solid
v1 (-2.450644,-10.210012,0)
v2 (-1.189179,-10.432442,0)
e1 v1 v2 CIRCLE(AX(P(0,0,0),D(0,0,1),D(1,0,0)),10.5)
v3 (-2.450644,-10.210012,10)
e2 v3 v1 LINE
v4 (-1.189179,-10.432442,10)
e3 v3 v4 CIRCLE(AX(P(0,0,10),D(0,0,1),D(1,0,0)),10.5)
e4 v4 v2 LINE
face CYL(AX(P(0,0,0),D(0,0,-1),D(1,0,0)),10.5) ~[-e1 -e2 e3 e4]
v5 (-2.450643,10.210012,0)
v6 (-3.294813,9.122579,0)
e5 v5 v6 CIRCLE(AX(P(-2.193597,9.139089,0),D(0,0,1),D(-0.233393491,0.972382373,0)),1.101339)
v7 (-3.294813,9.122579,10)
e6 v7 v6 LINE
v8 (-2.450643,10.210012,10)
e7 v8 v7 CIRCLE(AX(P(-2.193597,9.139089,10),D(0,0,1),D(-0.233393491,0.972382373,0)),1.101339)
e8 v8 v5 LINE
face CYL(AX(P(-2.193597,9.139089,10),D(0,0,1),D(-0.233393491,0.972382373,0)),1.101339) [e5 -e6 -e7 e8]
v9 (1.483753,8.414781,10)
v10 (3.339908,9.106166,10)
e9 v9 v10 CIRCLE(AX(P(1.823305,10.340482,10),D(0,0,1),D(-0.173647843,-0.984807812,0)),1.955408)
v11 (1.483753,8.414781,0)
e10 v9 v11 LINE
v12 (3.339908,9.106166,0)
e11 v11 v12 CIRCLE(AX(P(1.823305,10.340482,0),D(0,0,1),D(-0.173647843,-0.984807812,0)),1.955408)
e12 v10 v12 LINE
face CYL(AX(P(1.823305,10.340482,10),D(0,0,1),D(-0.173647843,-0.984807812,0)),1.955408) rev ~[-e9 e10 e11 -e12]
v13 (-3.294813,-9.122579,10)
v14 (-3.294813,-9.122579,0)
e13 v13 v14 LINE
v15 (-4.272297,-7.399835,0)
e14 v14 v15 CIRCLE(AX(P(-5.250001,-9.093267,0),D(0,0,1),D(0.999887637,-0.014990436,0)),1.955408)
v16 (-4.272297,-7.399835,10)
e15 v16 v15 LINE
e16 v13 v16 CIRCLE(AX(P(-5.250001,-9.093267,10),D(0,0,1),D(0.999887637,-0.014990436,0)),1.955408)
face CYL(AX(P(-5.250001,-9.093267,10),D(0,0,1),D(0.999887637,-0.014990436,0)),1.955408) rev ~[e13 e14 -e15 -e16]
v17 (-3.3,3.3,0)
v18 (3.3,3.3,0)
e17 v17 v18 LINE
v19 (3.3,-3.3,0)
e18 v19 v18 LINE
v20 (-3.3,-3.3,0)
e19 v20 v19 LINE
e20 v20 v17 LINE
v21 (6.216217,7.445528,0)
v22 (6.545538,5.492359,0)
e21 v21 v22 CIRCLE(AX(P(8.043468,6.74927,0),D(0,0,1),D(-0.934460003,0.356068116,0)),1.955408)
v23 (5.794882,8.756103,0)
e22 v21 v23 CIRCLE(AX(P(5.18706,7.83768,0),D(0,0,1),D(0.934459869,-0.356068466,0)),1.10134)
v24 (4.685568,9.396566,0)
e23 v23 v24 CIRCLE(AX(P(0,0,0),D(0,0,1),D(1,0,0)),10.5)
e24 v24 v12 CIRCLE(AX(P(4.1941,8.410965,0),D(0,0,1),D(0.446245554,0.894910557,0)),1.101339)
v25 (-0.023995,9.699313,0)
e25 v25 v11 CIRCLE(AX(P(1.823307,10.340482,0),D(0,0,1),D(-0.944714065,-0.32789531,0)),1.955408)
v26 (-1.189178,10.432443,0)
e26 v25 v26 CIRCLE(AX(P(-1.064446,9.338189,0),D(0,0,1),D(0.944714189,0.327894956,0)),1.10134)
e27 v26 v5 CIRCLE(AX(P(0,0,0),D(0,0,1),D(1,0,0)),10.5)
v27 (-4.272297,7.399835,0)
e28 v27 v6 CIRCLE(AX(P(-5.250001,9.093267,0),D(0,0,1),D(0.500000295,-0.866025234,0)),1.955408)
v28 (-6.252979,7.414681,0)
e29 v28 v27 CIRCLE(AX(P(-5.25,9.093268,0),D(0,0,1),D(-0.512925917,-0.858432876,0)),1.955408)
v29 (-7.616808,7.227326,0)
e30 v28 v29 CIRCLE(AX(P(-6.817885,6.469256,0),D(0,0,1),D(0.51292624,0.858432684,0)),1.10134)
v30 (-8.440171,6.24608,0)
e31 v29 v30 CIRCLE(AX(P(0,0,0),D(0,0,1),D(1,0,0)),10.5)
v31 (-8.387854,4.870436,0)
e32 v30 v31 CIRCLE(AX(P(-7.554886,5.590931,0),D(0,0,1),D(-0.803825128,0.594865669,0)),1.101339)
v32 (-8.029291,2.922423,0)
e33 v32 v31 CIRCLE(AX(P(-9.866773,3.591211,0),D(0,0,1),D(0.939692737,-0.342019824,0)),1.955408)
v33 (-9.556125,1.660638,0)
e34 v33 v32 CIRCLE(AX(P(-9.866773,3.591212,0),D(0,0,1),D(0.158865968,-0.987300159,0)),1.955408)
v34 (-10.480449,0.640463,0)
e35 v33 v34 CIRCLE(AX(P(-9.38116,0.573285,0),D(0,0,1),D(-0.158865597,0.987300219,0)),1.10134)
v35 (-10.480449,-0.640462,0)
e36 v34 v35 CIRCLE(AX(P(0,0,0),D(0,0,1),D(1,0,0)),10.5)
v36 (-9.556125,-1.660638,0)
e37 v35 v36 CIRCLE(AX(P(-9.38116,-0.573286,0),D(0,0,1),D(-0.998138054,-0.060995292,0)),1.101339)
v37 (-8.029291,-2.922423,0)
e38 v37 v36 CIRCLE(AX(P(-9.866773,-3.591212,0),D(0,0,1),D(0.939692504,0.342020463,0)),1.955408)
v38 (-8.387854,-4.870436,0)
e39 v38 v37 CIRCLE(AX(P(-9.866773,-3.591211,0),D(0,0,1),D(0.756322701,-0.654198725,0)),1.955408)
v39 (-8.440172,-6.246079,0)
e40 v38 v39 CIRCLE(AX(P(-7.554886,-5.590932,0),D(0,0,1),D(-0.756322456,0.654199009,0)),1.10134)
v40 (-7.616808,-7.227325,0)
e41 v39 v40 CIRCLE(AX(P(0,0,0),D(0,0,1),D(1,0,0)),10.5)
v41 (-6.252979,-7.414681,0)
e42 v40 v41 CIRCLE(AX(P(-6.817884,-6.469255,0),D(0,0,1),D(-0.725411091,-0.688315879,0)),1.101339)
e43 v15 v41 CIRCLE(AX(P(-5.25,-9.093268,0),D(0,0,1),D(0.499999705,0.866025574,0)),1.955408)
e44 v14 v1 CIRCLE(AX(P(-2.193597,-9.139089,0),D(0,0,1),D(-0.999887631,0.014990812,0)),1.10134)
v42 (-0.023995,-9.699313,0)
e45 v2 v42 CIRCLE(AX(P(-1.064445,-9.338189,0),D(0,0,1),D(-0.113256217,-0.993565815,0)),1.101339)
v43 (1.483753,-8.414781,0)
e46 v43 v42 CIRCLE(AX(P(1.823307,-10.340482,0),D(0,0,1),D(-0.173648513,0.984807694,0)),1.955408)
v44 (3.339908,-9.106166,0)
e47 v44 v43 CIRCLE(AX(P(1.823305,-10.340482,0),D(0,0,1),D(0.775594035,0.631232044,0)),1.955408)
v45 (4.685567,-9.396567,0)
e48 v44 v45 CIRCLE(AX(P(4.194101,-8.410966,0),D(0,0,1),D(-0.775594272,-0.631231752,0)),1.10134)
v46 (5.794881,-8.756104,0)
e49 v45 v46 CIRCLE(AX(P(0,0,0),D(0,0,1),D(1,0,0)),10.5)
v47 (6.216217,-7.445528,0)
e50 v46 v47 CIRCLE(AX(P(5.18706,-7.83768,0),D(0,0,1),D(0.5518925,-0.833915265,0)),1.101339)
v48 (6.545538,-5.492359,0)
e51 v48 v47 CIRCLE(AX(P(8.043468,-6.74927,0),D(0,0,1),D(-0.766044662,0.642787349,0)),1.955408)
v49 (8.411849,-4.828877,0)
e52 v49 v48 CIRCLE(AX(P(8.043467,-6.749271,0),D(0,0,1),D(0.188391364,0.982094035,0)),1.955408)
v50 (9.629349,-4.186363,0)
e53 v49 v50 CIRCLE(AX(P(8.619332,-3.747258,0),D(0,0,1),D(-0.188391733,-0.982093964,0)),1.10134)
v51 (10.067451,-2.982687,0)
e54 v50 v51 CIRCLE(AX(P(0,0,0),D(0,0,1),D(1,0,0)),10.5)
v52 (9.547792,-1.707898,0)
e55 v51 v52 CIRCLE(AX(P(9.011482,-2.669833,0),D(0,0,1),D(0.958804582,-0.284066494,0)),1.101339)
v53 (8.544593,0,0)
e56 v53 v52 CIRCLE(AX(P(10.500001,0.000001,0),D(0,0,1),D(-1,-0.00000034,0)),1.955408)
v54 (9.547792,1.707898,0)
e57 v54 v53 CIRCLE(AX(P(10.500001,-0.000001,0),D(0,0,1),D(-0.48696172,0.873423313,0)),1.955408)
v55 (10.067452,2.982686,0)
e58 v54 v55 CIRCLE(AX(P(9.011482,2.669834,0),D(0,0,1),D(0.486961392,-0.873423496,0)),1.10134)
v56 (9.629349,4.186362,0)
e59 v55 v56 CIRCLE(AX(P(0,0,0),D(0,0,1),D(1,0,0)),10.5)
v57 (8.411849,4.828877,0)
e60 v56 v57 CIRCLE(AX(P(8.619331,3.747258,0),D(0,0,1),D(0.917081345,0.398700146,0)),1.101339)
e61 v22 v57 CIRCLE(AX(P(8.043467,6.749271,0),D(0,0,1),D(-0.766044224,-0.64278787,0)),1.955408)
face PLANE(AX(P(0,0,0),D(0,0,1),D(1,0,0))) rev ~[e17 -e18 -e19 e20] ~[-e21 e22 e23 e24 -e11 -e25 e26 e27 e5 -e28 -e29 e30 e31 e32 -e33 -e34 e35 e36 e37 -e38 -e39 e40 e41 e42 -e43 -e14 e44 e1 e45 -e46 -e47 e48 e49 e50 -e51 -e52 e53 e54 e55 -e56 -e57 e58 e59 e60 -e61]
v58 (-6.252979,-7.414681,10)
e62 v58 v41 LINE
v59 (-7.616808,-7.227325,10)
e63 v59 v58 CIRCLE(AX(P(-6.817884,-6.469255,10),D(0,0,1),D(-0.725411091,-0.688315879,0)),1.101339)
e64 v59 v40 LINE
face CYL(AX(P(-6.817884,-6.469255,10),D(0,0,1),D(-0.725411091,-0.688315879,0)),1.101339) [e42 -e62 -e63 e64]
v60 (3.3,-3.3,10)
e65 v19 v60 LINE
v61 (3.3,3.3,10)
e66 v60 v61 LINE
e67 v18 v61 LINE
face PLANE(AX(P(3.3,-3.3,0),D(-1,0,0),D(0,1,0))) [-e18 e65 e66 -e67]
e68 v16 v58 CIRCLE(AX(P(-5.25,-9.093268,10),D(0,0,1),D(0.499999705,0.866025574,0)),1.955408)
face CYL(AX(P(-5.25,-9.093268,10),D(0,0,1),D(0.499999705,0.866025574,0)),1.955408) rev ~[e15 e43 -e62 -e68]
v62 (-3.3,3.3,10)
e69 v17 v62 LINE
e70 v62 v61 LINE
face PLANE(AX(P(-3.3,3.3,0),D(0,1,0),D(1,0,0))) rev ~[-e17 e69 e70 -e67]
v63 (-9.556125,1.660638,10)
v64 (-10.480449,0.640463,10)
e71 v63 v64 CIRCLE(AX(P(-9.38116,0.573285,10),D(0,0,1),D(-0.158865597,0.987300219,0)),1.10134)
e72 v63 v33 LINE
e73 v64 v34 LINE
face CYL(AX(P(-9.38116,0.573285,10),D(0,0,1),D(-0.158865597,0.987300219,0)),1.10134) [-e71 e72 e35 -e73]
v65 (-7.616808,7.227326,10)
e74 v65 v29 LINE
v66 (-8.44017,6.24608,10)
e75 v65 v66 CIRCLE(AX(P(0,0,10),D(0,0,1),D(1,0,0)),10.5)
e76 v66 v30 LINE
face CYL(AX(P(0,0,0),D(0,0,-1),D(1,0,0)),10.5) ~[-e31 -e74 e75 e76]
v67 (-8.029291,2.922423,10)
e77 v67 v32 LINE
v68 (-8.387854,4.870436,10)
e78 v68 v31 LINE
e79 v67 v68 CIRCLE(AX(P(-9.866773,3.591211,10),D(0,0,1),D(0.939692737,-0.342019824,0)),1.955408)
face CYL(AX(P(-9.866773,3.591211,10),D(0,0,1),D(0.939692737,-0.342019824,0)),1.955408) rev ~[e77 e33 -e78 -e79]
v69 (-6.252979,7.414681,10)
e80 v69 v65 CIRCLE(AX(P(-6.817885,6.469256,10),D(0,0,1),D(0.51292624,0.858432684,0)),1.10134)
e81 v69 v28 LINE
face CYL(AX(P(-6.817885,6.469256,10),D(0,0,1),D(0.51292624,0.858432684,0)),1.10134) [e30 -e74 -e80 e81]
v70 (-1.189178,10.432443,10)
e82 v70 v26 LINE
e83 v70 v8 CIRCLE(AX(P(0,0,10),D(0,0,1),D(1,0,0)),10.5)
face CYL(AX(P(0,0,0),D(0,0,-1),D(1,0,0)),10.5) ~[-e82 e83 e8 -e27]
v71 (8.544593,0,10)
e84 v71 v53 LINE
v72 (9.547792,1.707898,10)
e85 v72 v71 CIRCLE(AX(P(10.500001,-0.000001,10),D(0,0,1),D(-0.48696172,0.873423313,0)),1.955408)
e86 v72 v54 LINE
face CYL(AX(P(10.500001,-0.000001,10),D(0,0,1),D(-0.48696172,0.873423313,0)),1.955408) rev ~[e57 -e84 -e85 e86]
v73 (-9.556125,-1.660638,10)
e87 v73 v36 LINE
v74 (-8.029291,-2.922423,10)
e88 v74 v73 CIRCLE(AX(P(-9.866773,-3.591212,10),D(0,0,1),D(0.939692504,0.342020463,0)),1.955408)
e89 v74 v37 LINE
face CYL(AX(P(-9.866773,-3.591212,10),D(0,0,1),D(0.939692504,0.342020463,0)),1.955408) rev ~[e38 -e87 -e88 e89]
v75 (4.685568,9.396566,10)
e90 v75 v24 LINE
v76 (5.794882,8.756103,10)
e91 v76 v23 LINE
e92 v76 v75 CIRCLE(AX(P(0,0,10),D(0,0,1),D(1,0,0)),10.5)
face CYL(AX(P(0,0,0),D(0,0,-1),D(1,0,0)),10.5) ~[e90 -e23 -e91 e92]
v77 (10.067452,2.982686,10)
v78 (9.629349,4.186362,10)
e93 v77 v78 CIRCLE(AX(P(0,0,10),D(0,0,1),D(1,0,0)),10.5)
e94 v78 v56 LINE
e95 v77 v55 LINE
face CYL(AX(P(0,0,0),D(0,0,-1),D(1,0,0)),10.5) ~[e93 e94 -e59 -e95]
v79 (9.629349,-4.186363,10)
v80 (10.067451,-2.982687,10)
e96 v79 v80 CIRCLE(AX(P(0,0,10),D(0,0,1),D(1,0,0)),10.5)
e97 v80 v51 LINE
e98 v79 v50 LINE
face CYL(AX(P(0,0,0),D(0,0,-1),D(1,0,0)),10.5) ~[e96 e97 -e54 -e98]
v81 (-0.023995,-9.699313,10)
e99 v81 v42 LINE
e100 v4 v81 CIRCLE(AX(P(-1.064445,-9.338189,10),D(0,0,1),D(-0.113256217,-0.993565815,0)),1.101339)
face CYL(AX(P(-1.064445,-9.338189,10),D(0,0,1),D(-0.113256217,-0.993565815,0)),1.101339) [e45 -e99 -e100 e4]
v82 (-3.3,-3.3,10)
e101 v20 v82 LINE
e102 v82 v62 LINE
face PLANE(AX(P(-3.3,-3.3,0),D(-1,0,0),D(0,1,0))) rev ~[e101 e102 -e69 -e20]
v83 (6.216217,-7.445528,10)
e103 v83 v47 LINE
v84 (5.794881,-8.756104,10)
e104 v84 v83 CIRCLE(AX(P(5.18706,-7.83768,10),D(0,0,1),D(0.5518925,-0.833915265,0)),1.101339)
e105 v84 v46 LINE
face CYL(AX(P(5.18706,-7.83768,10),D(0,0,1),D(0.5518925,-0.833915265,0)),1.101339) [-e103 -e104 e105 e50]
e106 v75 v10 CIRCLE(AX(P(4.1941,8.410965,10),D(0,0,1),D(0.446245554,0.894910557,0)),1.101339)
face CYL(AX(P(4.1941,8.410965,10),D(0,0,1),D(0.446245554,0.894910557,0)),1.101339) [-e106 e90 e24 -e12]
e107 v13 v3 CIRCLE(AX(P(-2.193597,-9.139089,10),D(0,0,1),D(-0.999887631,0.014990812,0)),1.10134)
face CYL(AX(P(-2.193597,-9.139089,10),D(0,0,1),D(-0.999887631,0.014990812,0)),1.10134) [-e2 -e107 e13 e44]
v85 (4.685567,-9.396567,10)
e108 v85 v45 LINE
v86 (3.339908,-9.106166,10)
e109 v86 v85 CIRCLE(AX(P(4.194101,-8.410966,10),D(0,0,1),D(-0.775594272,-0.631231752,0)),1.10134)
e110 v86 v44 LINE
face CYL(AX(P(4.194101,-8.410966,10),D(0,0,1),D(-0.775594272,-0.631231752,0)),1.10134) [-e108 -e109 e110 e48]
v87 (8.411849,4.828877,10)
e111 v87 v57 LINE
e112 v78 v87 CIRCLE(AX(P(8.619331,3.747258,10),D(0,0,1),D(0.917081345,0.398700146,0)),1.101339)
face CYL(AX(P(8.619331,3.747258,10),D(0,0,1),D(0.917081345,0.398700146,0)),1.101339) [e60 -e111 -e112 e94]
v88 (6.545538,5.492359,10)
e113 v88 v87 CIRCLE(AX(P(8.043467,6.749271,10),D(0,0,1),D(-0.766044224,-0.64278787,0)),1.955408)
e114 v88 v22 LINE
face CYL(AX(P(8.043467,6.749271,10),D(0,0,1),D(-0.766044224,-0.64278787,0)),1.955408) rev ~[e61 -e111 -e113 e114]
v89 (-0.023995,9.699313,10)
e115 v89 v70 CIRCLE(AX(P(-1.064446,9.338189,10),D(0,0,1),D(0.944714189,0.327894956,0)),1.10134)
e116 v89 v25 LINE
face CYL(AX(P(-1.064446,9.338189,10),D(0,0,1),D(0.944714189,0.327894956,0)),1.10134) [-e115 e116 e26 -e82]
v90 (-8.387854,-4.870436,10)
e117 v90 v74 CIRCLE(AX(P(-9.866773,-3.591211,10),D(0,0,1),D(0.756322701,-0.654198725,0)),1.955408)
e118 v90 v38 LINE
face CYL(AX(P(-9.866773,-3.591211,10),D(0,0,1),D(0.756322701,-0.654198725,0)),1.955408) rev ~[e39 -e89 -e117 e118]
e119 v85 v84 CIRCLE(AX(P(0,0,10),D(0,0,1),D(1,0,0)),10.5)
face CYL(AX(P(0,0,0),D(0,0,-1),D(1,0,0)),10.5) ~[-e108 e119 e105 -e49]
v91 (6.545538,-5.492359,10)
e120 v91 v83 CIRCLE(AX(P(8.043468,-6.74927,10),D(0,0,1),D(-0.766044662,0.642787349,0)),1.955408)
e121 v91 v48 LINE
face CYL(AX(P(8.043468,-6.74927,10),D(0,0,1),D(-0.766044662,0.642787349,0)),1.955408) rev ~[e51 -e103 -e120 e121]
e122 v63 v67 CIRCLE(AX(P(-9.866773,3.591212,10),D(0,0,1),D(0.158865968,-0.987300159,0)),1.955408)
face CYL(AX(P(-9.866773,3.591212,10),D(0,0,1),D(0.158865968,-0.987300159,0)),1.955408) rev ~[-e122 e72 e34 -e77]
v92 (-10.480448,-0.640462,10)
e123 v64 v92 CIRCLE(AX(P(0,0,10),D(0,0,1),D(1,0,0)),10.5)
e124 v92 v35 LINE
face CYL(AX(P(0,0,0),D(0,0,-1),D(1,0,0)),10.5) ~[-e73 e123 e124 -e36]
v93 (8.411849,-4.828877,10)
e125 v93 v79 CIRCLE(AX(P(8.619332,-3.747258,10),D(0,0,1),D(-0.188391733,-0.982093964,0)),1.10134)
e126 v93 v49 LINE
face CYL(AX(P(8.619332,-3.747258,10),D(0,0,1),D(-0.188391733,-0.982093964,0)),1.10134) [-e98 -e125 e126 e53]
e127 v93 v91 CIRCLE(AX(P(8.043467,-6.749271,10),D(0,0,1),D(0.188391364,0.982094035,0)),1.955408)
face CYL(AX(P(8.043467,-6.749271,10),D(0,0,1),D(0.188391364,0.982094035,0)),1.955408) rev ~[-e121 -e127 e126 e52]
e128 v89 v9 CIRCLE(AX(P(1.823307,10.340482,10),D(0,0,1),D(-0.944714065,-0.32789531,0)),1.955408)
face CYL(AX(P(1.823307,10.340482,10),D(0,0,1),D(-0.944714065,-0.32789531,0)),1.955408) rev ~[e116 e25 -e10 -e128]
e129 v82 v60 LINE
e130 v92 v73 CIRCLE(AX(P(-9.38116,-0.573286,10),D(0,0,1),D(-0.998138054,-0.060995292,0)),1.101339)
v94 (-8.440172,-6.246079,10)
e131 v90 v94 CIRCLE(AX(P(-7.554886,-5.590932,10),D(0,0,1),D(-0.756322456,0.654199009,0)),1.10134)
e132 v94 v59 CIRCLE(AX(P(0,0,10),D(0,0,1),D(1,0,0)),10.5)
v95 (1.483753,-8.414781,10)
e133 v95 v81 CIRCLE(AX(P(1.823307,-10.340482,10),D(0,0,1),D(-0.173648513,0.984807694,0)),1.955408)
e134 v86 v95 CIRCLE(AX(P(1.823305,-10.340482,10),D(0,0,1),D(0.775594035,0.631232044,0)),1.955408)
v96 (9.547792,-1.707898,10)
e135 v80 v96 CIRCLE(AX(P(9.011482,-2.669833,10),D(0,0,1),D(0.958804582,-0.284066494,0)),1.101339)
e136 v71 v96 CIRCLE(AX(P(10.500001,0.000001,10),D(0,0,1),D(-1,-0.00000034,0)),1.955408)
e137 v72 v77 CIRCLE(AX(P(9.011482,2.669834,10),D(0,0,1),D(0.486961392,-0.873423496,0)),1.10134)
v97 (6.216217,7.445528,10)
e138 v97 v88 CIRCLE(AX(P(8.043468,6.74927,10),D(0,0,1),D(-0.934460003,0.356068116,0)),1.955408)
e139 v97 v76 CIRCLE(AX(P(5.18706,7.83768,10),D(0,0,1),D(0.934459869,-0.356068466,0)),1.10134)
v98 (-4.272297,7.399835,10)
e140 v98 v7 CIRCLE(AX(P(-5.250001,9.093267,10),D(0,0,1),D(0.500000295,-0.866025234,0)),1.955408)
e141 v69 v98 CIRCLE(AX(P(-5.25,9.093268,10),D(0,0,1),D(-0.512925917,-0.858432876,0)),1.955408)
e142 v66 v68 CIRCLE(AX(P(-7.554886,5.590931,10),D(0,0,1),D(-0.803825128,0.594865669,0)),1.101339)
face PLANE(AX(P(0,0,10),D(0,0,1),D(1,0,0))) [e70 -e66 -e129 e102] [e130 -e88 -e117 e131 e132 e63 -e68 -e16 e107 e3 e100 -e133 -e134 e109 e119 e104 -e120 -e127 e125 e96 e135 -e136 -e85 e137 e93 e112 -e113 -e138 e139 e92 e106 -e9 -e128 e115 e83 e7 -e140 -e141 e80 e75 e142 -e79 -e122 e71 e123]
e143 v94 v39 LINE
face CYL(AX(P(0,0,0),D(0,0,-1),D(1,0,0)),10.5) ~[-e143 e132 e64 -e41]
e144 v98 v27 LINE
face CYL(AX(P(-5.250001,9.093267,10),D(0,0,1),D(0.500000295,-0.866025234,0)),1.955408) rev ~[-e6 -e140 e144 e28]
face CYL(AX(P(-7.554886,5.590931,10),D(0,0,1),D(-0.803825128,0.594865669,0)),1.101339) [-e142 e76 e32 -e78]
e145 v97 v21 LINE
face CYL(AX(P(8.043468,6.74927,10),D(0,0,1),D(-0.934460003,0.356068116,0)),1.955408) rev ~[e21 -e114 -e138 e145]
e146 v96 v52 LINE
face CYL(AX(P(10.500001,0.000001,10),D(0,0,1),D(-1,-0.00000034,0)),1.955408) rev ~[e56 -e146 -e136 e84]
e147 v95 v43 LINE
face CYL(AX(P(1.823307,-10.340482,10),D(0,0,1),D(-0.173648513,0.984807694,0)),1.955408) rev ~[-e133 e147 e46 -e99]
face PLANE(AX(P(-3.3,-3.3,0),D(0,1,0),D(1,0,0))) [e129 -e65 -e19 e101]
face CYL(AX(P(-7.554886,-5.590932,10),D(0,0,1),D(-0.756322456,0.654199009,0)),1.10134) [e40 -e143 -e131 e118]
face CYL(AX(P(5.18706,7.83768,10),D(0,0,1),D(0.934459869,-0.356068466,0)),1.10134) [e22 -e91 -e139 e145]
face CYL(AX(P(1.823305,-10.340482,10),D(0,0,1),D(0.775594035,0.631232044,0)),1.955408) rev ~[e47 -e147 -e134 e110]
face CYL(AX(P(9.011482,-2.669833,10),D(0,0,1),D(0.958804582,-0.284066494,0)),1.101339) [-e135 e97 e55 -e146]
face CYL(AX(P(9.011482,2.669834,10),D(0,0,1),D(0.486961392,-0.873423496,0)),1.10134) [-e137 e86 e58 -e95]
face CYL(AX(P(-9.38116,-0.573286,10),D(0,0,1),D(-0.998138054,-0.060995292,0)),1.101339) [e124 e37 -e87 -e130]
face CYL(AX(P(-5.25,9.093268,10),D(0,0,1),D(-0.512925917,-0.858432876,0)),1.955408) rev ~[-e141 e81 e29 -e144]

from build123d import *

# Parameters (mm, degrees)
SKETCH_R           = 10.5
SKETCH_W           = 6.6
SKETCH_H           = 6.6
PAD_DEPTH          = 10
POCKET001_DEPTH    = 72.674758
POLARPATTERN_COUNT = 9


with BuildPart() as part:
    # Sketch → Pad (new body)
    with BuildSketch(Plane.XY):
        Circle(SKETCH_R)
        Rectangle(SKETCH_W, SKETCH_H, mode=Mode.SUBTRACT)
    extrude(amount=PAD_DEPTH)

    # Sketch002 → Pocket001 (cut, through all)
    with BuildSketch(Plane.XY.offset(10)):
        with BuildLine():
            ThreePointArc((10.067451, -2.982687), (13.513887, -1e-06), (10.067452, 2.982686))
            ThreePointArc((9.547792, 1.707898), (10.03134, 2.254095), (10.067452, 2.982686))
            ThreePointArc((9.547792, 1.707898), (8.813944, 0.990369), (8.544593, 0))
            ThreePointArc((8.544593, 0), (8.813944, -0.990369), (9.547792, -1.707898))
            ThreePointArc((10.067451, -2.982687), (10.03134, -2.254096), (9.547792, -1.707898))
        make_face()
    pocket001 = extrude(amount=-POCKET001_DEPTH, mode=Mode.SUBTRACT)

    # PolarPattern: Pocket001 ×9 about axis
    polarpattern_axis = Axis((0, 0, 10), (0, 0, 1))
    for i in range(1, POLARPATTERN_COUNT):
        add(pocket001.rotate(polarpattern_axis, i * 360 / POLARPATTERN_COUNT), mode=Mode.SUBTRACT)


solid = part.part
